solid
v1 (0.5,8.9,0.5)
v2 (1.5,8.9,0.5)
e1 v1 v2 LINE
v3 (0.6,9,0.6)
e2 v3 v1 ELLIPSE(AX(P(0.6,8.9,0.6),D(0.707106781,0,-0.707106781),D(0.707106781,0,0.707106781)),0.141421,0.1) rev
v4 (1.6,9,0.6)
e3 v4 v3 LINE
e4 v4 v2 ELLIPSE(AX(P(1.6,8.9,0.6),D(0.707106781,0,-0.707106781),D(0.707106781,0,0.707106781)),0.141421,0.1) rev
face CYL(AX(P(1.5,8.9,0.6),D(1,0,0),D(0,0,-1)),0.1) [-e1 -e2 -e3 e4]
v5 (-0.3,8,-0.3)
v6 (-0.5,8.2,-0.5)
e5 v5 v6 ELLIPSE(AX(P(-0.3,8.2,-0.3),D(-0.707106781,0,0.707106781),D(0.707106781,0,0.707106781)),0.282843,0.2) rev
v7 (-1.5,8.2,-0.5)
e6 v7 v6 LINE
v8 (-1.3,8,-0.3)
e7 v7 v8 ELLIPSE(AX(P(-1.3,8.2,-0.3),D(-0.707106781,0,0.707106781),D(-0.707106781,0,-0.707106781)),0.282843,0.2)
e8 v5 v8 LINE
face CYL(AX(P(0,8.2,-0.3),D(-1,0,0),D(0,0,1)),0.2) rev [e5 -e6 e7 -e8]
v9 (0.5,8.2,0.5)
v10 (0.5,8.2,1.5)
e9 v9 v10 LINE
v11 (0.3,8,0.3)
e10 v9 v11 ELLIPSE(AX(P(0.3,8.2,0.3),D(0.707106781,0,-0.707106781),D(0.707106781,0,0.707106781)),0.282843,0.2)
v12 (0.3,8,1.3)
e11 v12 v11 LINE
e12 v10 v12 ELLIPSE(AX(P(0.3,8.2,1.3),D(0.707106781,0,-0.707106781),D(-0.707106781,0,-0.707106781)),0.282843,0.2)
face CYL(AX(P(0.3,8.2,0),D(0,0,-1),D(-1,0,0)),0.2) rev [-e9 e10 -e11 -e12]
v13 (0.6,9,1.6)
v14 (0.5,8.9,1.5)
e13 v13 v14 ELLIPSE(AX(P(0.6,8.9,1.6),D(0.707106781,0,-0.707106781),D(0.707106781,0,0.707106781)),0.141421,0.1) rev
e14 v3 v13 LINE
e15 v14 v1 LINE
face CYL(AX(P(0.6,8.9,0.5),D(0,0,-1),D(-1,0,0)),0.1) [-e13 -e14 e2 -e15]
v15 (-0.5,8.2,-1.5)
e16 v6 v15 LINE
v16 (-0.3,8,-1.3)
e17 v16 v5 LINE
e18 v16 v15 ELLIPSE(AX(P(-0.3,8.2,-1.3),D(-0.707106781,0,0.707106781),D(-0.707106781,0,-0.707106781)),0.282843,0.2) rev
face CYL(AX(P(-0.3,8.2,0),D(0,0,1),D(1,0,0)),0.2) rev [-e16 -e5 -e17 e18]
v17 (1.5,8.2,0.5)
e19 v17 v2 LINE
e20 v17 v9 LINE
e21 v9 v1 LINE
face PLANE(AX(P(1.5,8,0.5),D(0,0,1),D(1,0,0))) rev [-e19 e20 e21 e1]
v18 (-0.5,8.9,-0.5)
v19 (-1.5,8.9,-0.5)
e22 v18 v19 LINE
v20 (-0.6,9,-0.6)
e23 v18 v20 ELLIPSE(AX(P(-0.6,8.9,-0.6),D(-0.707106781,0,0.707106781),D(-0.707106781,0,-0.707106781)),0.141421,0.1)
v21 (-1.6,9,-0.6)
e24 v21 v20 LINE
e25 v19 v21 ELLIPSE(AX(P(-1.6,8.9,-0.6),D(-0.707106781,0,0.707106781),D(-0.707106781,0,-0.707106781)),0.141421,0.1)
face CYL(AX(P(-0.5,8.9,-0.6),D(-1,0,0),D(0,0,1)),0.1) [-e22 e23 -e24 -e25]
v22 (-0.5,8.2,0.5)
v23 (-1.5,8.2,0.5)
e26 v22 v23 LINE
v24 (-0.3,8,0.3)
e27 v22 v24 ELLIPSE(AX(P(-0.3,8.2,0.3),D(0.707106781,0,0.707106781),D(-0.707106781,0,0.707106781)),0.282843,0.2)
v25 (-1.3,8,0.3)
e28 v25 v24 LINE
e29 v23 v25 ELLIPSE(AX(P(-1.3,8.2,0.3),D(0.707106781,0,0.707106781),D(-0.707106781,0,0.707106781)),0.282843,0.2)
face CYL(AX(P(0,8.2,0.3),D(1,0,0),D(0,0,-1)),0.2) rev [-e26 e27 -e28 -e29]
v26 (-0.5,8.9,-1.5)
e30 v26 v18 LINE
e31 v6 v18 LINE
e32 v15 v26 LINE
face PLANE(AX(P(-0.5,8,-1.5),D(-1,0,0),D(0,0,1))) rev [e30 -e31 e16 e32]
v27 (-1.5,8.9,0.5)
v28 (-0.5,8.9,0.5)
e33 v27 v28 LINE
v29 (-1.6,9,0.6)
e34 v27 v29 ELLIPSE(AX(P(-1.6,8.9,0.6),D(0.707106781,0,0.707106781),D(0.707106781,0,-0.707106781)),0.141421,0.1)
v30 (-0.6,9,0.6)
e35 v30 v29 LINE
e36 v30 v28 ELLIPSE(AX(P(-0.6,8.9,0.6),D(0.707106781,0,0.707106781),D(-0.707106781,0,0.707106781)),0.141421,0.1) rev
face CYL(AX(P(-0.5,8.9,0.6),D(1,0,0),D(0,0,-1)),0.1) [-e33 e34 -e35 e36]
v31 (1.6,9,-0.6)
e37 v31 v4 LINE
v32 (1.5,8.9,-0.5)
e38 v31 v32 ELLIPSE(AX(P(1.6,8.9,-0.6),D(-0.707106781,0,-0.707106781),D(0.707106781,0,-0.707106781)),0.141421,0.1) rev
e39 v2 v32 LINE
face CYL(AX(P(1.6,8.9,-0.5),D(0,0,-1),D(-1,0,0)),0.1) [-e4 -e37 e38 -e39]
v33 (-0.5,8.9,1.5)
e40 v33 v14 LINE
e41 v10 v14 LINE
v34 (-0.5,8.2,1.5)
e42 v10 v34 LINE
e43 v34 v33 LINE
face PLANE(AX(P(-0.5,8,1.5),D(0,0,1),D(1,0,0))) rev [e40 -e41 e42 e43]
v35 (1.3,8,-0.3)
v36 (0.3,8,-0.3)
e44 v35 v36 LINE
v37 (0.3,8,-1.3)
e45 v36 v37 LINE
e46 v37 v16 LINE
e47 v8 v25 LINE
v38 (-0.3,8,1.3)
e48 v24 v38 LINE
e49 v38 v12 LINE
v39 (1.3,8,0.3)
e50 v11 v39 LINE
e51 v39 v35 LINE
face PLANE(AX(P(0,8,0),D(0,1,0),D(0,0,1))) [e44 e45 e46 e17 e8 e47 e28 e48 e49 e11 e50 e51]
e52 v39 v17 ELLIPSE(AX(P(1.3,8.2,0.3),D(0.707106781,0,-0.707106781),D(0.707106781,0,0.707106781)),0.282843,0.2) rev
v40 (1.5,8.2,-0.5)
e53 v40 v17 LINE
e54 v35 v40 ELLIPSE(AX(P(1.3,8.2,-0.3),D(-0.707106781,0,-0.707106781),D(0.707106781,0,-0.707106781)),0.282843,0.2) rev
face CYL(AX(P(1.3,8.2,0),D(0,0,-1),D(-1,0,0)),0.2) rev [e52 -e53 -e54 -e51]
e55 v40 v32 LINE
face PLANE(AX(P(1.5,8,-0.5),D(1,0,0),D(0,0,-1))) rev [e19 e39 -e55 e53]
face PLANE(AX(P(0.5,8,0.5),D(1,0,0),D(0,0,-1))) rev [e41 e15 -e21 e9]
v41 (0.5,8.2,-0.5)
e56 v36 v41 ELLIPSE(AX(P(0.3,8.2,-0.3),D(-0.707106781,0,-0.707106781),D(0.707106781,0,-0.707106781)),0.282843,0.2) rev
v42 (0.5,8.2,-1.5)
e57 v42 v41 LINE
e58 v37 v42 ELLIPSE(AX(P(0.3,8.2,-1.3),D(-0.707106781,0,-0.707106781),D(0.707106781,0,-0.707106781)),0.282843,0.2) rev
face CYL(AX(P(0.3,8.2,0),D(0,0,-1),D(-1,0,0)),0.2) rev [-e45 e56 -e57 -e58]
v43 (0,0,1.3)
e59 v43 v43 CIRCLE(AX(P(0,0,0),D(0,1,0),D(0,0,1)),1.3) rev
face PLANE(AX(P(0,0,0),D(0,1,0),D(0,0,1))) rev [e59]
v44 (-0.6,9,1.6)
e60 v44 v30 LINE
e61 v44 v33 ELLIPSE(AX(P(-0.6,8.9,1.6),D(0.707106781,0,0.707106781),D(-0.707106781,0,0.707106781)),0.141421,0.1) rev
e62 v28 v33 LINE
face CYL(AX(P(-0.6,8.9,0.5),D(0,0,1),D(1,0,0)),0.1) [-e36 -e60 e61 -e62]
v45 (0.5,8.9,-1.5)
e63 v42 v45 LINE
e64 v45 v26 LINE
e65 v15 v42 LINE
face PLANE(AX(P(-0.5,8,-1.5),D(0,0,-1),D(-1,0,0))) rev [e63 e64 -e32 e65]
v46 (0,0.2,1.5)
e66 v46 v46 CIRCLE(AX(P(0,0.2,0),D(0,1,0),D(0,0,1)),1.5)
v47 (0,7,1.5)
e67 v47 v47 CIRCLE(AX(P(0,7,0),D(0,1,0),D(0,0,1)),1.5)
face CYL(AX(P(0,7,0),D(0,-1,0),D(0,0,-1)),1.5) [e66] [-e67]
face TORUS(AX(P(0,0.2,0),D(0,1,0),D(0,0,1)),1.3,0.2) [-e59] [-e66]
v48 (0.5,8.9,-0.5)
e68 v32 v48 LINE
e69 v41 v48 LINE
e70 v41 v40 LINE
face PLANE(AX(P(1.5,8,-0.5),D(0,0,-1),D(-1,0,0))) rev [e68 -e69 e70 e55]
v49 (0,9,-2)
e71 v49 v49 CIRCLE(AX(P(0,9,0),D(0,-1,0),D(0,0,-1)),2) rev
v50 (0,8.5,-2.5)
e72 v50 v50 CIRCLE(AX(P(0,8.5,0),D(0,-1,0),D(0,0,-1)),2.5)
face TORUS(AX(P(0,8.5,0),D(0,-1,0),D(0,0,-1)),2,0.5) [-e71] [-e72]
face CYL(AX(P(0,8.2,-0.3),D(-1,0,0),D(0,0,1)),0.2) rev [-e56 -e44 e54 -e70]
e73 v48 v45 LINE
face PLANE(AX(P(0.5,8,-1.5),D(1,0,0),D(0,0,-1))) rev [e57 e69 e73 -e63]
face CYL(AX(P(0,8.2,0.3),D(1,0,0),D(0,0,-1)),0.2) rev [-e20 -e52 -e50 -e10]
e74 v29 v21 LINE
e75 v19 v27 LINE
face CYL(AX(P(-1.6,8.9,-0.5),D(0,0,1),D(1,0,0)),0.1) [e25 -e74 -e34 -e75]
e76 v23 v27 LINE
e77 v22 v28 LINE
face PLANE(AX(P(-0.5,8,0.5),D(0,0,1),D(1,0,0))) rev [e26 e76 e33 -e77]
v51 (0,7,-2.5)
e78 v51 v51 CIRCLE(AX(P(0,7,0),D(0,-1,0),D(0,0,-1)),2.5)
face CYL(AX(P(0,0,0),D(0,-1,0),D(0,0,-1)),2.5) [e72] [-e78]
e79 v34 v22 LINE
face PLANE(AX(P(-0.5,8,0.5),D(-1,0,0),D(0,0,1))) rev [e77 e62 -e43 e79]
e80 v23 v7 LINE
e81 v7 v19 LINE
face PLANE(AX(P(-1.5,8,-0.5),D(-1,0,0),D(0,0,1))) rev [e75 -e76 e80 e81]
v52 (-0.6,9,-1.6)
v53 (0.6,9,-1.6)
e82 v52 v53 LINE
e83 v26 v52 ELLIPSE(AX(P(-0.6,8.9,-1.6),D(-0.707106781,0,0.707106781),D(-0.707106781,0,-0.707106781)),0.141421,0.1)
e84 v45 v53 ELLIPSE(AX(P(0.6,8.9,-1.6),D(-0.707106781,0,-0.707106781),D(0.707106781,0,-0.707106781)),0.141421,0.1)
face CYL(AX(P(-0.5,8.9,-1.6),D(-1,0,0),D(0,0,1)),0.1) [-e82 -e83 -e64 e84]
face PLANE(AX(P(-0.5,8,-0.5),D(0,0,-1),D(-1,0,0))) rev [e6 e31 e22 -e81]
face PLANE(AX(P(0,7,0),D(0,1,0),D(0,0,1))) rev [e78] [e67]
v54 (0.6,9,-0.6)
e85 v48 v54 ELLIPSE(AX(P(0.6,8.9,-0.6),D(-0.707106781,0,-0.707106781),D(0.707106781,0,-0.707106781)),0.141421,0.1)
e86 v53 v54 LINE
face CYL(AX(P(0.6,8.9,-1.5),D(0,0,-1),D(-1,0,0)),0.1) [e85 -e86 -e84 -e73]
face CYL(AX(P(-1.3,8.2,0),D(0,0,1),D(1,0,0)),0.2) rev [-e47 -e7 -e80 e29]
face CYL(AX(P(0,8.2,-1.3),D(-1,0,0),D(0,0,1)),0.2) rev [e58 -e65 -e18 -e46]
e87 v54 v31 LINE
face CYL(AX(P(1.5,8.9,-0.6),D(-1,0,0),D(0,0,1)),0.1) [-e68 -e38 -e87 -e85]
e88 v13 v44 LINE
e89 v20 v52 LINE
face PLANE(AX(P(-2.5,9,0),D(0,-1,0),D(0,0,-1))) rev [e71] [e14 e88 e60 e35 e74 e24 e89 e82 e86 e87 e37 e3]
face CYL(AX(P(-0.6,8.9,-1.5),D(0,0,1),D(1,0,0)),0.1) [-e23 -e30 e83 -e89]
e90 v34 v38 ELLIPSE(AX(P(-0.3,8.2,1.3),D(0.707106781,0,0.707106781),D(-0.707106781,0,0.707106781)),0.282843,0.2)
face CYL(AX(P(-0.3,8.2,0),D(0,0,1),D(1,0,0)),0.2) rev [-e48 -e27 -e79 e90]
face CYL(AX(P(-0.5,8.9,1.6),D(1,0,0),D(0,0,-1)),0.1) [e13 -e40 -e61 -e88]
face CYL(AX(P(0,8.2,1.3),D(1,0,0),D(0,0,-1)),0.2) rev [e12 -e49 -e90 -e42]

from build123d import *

# Parameters (mm, degrees)
SKETCH1_R           = 1.5
BOSS_EXTRUDE1_DEPTH = 7
FILLET1_R           = 0.2
SKETCH2_W           = 2.5
SKETCH2_H           = 2
CUT_EXTRUDE1_DEPTH  = 1
FILLET3_R           = 0.1
FILLET4_R           = 0.2
FILLET5_R           = 0.5


with BuildPart() as part:
    # Sketch1 → Boss-Extrude1 (new body)
    with BuildSketch(Plane(origin=(0, 0, 0), x_dir=(1, 0, 0), z_dir=(0, 1, 0))):
        with Locations(Location((0, 0, 0), (0, 0, 270))):
            Circle(SKETCH1_R)
    extrude(amount=BOSS_EXTRUDE1_DEPTH)

    # Fillet1
    fillet1_edges = [part.edges().sort_by_distance(p)[0] for p in [
        (0, 0, -1.5),
    ]]
    fillet(fillet1_edges, radius=FILLET1_R)

    # Sketch2 → Revolve1 (revolve)
    with BuildSketch(Plane.XY, mode=Mode.PRIVATE) as revolve1_sk:
        with Locations((-1.25, 8)):
            Rectangle(SKETCH2_W, SKETCH2_H)
    revolve(revolve1_sk.sketch.rotate(Axis((0, 0, 0), (0, 1, 0)), 270), axis=Axis((0, 0, 0), (0, 1, 0)))

    # Sketch3 → Cut-Extrude1 (cut)
    with BuildSketch(Plane(origin=(0, 9, 0), x_dir=(1, 0, 0), z_dir=(0, 1, 0))):
        Polygon((-0.5, 0.5), (-1.5, 0.5), (-1.5, -0.5), (-0.5, -0.5), (-0.5, -1.5), (0.5, -1.5), (0.5, -0.5), (1.5, -0.5), (1.5, 0.5), (0.5, 0.5), (0.5, 1.5), (-0.5, 1.5), align=None)
    extrude(amount=-CUT_EXTRUDE1_DEPTH, mode=Mode.SUBTRACT)

    # Fillet3
    fillet3_edges = [part.edges().sort_by_distance(p)[0] for p in [
        (0.5, 9, 1),
        (1, 9, 0.5),
        (1.5, 9, 0),
        (1, 9, -0.5),
        (0.5, 9, -1),
        (0, 9, -1.5),
        (-0.5, 9, -1),
        (-1, 9, -0.5),
        (-1.5, 9, 0),
        (-1, 9, 0.5),
        (-0.5, 9, 1),
        (0, 9, 1.5),
    ]]
    fillet(fillet3_edges, radius=FILLET3_R)

    # Fillet4
    fillet4_edges = [part.edges().sort_by_distance(p)[0] for p in [
        (0.5, 8, 1),
        (0, 8, 1.5),
        (-0.5, 8, 1),
        (-1, 8, 0.5),
        (-1.5, 8, 0),
        (-1, 8, -0.5),
        (-0.5, 8, -1),
        (0, 8, -1.5),
        (0.5, 8, -1),
        (1, 8, -0.5),
        (1.5, 8, 0),
        (1, 8, 0.5),
    ]]
    fillet(fillet4_edges, radius=FILLET4_R)

    # Fillet5
    fillet5_edges = [part.edges().sort_by_distance(p)[0] for p in [
        (0, 9, 2.5),
    ]]
    fillet(fillet5_edges, radius=FILLET5_R)


solid = part.part
